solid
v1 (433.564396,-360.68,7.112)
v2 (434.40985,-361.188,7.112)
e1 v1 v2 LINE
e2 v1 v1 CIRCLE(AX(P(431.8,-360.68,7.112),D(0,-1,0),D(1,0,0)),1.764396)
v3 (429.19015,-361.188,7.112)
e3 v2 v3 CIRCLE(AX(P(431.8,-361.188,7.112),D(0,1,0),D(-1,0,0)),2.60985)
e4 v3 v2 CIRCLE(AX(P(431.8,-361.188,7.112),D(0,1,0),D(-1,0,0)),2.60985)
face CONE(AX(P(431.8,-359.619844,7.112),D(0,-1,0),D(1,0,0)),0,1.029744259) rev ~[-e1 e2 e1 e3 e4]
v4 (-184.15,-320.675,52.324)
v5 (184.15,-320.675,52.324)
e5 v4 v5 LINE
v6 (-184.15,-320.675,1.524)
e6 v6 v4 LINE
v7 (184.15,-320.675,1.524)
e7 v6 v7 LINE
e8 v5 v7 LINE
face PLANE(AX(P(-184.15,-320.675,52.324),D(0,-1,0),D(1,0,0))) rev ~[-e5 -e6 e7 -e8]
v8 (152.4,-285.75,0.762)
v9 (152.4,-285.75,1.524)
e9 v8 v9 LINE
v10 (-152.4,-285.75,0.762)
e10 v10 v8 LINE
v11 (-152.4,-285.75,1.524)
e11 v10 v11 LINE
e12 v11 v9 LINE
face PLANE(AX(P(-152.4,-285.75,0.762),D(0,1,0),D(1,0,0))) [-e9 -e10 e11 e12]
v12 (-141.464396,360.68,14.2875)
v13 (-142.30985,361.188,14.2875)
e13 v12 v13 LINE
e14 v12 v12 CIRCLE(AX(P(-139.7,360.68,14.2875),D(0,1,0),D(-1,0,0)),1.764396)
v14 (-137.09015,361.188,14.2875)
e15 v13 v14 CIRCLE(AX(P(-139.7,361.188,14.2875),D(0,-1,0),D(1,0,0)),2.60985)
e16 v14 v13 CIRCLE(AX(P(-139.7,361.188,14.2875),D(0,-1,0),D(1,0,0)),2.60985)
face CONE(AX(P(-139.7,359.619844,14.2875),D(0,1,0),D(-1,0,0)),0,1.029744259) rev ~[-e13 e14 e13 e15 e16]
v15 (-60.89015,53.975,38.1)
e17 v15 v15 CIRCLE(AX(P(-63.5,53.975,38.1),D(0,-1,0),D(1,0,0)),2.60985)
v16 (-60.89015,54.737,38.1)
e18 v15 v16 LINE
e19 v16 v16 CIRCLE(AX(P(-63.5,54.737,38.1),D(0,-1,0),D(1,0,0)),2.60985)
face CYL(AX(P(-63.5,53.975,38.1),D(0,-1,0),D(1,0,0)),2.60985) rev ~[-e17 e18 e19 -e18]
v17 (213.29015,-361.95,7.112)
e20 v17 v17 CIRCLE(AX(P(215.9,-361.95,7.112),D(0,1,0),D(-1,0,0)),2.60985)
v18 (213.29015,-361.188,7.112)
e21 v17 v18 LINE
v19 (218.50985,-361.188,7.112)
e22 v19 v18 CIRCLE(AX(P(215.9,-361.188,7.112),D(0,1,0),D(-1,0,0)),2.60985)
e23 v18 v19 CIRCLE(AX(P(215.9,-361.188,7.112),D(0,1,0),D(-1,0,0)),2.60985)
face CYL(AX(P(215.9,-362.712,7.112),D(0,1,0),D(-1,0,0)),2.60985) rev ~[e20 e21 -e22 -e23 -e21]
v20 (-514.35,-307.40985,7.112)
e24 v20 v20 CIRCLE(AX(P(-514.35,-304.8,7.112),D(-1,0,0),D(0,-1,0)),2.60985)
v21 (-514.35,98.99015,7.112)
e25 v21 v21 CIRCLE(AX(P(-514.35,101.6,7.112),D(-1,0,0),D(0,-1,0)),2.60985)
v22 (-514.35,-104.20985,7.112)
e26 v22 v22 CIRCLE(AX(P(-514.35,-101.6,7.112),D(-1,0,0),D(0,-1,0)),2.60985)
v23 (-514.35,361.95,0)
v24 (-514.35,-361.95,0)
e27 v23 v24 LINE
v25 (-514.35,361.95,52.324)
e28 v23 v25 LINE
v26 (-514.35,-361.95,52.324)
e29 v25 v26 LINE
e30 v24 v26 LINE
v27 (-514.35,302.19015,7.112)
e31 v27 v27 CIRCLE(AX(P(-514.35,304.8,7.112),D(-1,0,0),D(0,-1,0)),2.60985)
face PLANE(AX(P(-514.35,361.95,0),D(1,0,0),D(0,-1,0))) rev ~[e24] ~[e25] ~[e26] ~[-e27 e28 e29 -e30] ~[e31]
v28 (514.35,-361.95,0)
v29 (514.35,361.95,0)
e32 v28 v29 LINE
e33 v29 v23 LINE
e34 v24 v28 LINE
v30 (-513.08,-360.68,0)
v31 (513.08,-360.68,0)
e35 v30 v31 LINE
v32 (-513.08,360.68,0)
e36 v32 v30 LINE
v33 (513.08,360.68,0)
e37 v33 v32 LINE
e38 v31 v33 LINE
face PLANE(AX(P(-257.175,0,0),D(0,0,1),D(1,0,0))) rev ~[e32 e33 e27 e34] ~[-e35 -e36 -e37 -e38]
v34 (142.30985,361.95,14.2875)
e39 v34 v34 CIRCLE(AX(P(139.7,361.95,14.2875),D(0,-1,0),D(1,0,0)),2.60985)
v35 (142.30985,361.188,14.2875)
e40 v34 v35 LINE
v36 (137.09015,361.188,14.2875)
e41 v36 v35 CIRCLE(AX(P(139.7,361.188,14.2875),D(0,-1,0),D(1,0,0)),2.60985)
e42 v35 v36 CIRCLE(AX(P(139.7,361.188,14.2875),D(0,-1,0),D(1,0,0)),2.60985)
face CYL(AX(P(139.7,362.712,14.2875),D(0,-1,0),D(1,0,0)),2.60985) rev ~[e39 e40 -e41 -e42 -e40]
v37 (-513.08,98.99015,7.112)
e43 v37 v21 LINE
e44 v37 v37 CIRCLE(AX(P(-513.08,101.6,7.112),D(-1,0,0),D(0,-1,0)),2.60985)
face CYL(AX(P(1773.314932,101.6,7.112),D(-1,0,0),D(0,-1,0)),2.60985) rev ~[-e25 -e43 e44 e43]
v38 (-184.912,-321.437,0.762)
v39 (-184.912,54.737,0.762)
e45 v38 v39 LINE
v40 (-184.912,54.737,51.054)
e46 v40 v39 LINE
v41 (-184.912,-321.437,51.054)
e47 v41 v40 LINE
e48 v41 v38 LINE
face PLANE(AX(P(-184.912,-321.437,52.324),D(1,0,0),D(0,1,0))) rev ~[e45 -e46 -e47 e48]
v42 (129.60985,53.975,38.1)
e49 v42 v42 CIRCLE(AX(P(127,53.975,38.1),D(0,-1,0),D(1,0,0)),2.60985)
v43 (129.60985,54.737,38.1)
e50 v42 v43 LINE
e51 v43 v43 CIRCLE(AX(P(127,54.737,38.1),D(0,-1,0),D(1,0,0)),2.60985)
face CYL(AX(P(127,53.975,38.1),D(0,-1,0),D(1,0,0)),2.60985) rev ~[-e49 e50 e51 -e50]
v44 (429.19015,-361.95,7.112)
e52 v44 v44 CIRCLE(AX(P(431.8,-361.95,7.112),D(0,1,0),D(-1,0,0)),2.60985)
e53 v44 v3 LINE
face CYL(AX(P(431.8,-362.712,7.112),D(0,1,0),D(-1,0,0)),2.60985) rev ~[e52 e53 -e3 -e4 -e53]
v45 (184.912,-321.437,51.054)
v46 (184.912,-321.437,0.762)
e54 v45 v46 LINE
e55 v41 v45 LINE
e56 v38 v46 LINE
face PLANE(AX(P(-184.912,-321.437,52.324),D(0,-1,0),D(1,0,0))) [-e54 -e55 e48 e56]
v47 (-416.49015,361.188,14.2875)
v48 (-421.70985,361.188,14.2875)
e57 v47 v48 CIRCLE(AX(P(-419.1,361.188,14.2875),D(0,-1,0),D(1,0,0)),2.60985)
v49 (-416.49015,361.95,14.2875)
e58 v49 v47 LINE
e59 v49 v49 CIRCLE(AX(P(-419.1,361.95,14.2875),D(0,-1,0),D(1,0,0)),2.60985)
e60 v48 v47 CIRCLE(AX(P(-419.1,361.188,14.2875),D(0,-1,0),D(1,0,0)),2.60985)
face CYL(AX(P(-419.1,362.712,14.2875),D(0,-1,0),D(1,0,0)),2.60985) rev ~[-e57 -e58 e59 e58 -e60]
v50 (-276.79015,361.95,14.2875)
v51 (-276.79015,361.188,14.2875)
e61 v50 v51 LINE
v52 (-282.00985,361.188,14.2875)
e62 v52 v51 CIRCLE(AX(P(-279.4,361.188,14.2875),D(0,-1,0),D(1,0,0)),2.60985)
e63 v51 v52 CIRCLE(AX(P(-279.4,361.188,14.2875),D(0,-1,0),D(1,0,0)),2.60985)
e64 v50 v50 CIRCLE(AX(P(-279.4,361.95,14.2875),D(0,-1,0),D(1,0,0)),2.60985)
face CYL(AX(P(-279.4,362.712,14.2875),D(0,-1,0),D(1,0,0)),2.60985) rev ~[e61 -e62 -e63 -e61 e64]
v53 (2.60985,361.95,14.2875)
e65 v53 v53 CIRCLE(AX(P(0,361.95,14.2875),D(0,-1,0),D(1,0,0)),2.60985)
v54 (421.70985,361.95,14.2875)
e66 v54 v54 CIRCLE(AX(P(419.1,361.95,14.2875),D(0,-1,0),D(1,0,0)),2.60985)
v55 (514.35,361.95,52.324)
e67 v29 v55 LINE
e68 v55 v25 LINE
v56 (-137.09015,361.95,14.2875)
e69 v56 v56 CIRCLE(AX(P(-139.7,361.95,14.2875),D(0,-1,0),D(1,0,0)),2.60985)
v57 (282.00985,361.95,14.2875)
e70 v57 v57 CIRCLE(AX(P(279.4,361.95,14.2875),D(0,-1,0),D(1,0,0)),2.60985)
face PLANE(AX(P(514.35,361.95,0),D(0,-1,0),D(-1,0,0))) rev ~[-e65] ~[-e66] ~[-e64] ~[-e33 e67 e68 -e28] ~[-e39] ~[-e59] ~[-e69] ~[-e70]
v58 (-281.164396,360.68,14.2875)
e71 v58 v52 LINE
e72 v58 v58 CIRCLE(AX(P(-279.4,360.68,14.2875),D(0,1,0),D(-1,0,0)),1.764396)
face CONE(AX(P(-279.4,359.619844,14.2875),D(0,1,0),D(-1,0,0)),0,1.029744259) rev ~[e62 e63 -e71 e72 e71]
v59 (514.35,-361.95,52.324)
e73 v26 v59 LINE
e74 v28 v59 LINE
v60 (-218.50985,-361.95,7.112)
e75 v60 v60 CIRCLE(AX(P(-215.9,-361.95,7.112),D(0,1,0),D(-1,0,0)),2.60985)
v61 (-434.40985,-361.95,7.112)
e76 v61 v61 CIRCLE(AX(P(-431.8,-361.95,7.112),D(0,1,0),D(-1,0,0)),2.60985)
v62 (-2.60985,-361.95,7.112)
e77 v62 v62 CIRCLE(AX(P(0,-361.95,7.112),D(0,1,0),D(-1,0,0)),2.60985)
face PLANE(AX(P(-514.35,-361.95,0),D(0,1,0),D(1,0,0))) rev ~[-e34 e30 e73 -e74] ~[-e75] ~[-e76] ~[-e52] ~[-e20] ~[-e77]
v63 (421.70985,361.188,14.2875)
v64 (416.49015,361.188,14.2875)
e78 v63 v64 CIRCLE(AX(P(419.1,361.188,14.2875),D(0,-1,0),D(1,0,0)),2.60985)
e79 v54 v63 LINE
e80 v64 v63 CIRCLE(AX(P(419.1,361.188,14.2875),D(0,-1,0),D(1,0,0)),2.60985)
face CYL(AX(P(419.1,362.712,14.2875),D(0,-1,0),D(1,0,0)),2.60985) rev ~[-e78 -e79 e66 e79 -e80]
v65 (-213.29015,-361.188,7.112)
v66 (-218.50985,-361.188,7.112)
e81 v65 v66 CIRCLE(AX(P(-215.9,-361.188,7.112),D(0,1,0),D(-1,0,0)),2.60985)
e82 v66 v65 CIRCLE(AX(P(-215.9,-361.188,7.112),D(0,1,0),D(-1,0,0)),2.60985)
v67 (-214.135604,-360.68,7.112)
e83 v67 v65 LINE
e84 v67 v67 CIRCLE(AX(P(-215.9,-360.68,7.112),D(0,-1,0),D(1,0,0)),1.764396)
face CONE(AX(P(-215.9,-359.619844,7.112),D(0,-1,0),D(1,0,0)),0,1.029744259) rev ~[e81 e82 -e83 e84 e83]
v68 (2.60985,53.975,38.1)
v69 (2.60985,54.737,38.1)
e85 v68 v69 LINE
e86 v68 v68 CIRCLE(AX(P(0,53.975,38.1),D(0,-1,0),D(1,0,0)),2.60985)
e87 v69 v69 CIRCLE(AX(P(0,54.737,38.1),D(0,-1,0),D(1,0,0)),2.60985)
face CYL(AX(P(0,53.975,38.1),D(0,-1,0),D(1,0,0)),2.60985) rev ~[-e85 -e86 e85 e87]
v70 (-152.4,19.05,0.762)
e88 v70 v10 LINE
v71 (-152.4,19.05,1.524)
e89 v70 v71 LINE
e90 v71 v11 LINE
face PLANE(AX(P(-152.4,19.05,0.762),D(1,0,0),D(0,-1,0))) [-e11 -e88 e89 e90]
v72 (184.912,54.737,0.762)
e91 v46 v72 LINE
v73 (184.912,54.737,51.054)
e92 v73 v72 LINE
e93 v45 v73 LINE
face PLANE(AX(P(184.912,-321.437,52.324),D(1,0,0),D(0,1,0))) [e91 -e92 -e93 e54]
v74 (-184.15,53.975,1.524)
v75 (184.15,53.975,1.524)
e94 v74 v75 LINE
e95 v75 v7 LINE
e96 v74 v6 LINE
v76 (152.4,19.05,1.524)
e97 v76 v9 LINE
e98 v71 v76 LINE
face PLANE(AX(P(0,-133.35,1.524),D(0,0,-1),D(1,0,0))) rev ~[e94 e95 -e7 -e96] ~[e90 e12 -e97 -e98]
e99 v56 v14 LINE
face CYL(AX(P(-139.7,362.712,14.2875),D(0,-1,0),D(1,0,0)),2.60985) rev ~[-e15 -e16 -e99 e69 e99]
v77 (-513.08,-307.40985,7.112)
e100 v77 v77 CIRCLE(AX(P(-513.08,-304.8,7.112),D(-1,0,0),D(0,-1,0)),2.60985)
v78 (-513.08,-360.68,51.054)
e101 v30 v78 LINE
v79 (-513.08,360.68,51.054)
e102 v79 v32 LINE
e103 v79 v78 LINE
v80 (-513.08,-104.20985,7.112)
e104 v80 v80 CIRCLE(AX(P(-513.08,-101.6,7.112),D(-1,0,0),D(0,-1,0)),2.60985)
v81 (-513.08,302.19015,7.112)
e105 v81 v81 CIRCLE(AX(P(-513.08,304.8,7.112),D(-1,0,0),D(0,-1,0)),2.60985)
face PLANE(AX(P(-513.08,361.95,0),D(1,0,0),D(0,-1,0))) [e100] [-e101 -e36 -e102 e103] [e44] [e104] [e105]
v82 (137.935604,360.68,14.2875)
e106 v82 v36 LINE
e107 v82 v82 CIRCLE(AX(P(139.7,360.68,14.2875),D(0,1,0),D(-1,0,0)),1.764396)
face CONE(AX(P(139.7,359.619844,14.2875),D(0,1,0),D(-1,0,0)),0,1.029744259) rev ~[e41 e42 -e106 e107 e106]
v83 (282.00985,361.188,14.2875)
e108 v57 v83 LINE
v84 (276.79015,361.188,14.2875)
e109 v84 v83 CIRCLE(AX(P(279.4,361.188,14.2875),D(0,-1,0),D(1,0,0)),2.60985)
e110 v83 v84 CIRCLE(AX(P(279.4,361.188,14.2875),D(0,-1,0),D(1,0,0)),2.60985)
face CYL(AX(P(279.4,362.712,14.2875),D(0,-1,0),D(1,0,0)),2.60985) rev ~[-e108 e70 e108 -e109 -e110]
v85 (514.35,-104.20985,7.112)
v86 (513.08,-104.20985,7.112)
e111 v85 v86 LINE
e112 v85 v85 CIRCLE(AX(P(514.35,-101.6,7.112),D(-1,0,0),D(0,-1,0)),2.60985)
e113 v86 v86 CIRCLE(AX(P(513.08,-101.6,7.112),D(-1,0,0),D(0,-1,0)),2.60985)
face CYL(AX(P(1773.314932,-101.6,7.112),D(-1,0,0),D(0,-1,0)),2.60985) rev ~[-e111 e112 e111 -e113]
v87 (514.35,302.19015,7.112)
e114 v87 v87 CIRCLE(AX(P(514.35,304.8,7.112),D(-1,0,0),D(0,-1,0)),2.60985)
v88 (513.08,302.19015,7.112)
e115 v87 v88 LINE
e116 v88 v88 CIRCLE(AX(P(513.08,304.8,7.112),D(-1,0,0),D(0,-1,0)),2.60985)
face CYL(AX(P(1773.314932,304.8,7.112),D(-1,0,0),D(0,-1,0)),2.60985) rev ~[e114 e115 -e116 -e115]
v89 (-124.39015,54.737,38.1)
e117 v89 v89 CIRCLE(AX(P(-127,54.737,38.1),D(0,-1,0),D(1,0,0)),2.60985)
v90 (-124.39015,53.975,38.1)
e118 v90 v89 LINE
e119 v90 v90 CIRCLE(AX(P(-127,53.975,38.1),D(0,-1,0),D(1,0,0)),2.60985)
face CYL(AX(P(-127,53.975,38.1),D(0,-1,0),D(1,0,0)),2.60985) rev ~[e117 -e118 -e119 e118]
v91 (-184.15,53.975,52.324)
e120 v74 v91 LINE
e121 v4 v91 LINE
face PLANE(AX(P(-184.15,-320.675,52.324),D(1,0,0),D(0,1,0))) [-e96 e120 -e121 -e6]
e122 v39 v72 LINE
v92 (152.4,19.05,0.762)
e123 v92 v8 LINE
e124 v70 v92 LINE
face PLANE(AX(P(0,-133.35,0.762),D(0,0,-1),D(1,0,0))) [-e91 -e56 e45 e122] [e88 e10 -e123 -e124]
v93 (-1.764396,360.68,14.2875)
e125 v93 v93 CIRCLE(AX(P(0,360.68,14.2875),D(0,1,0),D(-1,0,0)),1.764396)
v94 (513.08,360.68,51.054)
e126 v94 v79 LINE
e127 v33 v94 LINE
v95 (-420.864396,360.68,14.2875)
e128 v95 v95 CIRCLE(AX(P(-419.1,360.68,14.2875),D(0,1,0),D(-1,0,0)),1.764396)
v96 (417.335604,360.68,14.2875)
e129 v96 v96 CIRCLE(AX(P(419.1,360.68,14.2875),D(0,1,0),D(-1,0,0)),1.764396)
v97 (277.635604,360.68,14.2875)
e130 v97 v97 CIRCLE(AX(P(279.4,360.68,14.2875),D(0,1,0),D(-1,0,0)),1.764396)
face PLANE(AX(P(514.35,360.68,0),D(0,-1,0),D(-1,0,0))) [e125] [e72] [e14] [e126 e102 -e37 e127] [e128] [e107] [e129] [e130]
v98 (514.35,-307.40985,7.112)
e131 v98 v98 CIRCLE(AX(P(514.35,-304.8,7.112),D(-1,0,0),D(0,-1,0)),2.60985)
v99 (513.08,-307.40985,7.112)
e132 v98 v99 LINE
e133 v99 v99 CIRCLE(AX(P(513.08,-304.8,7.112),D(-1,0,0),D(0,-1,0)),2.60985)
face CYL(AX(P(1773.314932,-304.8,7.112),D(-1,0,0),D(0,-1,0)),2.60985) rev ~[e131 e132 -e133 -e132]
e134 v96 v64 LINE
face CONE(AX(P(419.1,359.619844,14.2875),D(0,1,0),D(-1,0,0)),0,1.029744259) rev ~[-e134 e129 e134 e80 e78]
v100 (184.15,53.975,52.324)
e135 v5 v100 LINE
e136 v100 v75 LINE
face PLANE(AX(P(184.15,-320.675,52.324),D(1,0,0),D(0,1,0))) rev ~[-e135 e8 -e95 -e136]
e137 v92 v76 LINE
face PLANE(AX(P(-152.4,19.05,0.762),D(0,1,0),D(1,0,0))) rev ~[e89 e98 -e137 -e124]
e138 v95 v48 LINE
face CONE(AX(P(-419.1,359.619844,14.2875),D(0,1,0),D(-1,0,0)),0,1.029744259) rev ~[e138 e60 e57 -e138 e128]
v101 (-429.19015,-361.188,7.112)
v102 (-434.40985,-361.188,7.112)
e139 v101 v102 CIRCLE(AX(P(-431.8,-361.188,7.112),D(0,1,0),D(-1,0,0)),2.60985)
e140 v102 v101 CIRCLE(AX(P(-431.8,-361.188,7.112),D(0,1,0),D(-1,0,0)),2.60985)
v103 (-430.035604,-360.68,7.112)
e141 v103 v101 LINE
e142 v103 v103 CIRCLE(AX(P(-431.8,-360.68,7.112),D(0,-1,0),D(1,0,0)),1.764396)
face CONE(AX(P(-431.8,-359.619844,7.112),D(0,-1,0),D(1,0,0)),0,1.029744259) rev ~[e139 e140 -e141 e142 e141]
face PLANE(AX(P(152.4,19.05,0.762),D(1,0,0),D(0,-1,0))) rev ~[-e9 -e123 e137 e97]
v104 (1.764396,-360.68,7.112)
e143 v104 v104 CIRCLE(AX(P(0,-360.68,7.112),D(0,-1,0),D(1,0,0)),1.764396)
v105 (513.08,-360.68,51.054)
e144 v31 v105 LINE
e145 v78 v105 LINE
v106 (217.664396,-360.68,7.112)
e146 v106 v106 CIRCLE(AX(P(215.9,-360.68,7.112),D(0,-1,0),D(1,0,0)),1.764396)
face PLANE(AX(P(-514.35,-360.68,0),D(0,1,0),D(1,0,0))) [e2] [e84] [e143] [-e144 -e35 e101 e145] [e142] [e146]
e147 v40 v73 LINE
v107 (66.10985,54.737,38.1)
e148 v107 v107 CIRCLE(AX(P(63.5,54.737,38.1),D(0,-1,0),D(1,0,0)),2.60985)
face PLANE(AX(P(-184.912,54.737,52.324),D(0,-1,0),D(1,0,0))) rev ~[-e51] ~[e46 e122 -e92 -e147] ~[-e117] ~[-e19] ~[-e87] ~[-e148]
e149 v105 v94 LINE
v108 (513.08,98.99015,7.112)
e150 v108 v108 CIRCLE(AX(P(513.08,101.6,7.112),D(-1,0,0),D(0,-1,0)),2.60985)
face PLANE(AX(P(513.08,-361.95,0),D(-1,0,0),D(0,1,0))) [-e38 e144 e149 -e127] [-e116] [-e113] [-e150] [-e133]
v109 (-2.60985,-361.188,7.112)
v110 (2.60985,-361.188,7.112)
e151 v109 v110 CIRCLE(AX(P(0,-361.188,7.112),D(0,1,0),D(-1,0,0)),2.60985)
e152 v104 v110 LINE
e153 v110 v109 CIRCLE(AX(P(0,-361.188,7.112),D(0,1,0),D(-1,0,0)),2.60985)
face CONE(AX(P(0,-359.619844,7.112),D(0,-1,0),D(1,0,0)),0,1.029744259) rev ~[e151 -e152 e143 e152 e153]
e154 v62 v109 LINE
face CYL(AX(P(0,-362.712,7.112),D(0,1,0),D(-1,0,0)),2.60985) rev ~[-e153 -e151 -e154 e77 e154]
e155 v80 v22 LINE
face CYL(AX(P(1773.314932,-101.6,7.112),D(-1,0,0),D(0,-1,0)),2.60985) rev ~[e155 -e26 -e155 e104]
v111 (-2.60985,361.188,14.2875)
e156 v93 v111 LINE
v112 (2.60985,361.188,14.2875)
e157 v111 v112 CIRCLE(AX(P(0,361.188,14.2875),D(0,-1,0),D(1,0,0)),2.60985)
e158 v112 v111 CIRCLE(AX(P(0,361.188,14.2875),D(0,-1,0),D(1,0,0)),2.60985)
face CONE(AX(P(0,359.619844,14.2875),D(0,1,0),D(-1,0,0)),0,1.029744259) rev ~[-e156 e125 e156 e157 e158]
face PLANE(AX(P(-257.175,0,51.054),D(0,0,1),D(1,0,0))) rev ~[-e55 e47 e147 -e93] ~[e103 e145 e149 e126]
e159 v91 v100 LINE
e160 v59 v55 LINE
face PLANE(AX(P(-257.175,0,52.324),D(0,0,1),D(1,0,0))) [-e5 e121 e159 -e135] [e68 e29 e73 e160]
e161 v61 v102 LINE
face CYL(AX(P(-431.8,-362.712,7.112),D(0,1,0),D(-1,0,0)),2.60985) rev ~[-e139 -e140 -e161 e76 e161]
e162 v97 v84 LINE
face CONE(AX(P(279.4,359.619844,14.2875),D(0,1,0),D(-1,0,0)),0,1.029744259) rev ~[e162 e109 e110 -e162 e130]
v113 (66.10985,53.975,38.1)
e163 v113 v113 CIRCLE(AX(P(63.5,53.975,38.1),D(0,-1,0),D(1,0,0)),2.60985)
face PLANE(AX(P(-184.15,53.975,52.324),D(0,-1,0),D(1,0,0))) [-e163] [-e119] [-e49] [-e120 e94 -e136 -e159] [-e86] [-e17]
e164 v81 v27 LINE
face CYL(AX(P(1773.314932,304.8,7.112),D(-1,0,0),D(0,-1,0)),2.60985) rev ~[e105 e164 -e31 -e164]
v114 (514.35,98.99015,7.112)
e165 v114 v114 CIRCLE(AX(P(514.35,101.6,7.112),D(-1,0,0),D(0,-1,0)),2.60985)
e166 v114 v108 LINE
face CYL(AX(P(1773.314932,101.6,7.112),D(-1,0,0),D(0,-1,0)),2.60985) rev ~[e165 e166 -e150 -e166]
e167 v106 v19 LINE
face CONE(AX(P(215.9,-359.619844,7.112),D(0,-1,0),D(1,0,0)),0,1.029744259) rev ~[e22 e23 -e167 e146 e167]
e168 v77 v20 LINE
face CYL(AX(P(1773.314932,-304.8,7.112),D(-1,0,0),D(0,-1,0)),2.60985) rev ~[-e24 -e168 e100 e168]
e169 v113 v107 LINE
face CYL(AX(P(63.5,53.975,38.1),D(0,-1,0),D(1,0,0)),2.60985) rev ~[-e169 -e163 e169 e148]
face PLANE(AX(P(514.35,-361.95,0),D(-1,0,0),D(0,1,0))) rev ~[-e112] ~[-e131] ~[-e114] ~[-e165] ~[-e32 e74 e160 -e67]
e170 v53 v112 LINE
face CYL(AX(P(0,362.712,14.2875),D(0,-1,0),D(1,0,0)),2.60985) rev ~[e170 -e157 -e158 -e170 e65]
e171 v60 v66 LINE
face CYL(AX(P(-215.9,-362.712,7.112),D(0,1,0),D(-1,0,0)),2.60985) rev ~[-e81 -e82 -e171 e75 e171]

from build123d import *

# Parameters (mm, degrees)
F1_DEPTH  = 52.324
F2_T      = -1.27
F4_D      = 5.2197
F4_DEPTH  = 0.762
F4_TIP    = 1.5681560866
F6_D      = 5.2197
F7_W      = 368.3
F7_H      = 374.65
F8_DEPTH  = 52.325
F9_W      = 369.824
F9_H      = 376.174
F9_W_2    = 368.3
F9_H_2    = 374.65
F10_DEPTH = 51.562
F11_W     = 368.3
F11_H     = 374.65
F11_W_2   = 304.8
F11_H_2   = 304.8
F12_DEPTH = 0.762
F14_D     = 5.2197
F14_DEPTH = 0.762
F14_TIP   = 1.5681560866
F16_D     = 5.2197
F16_DEPTH = 0.762
F16_TIP   = 1.5681560866


with BuildPart() as f1:
    # F0 (on Top) → F1 (new body)
    with BuildSketch(Plane.XY):
        Polygon((-514.35, 361.95), (-514.35, -361.95), (0, -361.95), (0, 0), (0, 361.95), align=None)
        Polygon((0, 0), (0, -361.95), (514.35, -361.95), (514.35, 361.95), (0, 361.95), align=None)
    extrude(amount=F1_DEPTH)

    # F2
    f2_openings = [f1.faces().sort_by_distance(p)[0] for p in [
        (0, 0, 0),
    ]]
    offset(amount=F2_T, openings=f2_openings)

    # F4
    with Locations(Plane.XZ.offset(361.95)):
        with Locations((-431.8, 7.112), (-215.9, 7.112), (0, 7.112), (215.9, 7.112), (431.8, 7.112)):
            Hole(F4_D / 2, depth=F4_DEPTH)
            with Locations((0, 0, -(F4_DEPTH + F4_TIP / 2))):  # 118° drill point
                Cone(0, F4_D / 2, F4_TIP, mode=Mode.SUBTRACT)

    # F6 (through all)
    with Locations(Plane.YZ.offset(514.35)):
        with Locations((-304.8, 7.112), (-101.6, 7.112), (101.6, 7.112), (304.8, 7.112)):
            Hole(F6_D / 2)

    # F7 (on face) → F8 (cut, through all)
    with BuildSketch(Plane.XY.offset(52.324)):
        with Locations((0, -133.35)):
            Rectangle(F7_W, F7_H)
    extrude(amount=-F8_DEPTH, mode=Mode.SUBTRACT)

    # F9 (on face) → F10 (join)
    with BuildSketch(Plane.XY.offset(52.324)):
        with Locations((0, -133.35)):
            Rectangle(F9_W, F9_H)
        with Locations((0, -133.35)):
            Rectangle(F9_W_2, F9_H_2, mode=Mode.SUBTRACT)
    extrude(amount=-F10_DEPTH)

    # F11 (on face) → F12 (join)
    with BuildSketch(Plane(origin=(0, 0, 0.762), x_dir=(1, 0, 0), z_dir=(0, 0, -1))):
        with Locations((0, 133.35)):
            Rectangle(F11_W, F11_H)
        with Locations((0, 133.35)):
            Rectangle(F11_W_2, F11_H_2, mode=Mode.SUBTRACT)
    extrude(amount=-F12_DEPTH)

    # F14
    with Locations(Plane(origin=(0, 361.95, 0), x_dir=(-1, 0, 0), z_dir=(0, 1, 0))):
        with Locations((-419.1, 14.2875), (-279.4, 14.2875), (-139.7, 14.2875), (0, 14.2875), (139.7, 14.2875), (279.4, 14.2875), (419.1, 14.2875)):
            Hole(F14_D / 2, depth=F14_DEPTH)
            with Locations((0, 0, -(F14_DEPTH + F14_TIP / 2))):  # 118° drill point
                Cone(0, F14_D / 2, F14_TIP, mode=Mode.SUBTRACT)

    # F16 (one way)
    with BuildSketch(Plane.XZ.offset(-53.975)):
        with Locations((-127, 38.1), (-63.5, 38.1), (0, 38.1), (63.5, 38.1), (127, 38.1)):
            Circle(F16_D / 2)
    extrude(amount=-F16_DEPTH, mode=Mode.SUBTRACT)
    with Locations(Plane.XZ.offset(-53.975)):
        with Locations((-127, 38.1), (-63.5, 38.1), (0, 38.1), (63.5, 38.1), (127, 38.1)):
            with Locations((0, 0, -(F16_DEPTH + F16_TIP / 2))):  # 118° drill point
                Cone(0, F16_D / 2, F16_TIP, mode=Mode.SUBTRACT)


solid = f1.part
